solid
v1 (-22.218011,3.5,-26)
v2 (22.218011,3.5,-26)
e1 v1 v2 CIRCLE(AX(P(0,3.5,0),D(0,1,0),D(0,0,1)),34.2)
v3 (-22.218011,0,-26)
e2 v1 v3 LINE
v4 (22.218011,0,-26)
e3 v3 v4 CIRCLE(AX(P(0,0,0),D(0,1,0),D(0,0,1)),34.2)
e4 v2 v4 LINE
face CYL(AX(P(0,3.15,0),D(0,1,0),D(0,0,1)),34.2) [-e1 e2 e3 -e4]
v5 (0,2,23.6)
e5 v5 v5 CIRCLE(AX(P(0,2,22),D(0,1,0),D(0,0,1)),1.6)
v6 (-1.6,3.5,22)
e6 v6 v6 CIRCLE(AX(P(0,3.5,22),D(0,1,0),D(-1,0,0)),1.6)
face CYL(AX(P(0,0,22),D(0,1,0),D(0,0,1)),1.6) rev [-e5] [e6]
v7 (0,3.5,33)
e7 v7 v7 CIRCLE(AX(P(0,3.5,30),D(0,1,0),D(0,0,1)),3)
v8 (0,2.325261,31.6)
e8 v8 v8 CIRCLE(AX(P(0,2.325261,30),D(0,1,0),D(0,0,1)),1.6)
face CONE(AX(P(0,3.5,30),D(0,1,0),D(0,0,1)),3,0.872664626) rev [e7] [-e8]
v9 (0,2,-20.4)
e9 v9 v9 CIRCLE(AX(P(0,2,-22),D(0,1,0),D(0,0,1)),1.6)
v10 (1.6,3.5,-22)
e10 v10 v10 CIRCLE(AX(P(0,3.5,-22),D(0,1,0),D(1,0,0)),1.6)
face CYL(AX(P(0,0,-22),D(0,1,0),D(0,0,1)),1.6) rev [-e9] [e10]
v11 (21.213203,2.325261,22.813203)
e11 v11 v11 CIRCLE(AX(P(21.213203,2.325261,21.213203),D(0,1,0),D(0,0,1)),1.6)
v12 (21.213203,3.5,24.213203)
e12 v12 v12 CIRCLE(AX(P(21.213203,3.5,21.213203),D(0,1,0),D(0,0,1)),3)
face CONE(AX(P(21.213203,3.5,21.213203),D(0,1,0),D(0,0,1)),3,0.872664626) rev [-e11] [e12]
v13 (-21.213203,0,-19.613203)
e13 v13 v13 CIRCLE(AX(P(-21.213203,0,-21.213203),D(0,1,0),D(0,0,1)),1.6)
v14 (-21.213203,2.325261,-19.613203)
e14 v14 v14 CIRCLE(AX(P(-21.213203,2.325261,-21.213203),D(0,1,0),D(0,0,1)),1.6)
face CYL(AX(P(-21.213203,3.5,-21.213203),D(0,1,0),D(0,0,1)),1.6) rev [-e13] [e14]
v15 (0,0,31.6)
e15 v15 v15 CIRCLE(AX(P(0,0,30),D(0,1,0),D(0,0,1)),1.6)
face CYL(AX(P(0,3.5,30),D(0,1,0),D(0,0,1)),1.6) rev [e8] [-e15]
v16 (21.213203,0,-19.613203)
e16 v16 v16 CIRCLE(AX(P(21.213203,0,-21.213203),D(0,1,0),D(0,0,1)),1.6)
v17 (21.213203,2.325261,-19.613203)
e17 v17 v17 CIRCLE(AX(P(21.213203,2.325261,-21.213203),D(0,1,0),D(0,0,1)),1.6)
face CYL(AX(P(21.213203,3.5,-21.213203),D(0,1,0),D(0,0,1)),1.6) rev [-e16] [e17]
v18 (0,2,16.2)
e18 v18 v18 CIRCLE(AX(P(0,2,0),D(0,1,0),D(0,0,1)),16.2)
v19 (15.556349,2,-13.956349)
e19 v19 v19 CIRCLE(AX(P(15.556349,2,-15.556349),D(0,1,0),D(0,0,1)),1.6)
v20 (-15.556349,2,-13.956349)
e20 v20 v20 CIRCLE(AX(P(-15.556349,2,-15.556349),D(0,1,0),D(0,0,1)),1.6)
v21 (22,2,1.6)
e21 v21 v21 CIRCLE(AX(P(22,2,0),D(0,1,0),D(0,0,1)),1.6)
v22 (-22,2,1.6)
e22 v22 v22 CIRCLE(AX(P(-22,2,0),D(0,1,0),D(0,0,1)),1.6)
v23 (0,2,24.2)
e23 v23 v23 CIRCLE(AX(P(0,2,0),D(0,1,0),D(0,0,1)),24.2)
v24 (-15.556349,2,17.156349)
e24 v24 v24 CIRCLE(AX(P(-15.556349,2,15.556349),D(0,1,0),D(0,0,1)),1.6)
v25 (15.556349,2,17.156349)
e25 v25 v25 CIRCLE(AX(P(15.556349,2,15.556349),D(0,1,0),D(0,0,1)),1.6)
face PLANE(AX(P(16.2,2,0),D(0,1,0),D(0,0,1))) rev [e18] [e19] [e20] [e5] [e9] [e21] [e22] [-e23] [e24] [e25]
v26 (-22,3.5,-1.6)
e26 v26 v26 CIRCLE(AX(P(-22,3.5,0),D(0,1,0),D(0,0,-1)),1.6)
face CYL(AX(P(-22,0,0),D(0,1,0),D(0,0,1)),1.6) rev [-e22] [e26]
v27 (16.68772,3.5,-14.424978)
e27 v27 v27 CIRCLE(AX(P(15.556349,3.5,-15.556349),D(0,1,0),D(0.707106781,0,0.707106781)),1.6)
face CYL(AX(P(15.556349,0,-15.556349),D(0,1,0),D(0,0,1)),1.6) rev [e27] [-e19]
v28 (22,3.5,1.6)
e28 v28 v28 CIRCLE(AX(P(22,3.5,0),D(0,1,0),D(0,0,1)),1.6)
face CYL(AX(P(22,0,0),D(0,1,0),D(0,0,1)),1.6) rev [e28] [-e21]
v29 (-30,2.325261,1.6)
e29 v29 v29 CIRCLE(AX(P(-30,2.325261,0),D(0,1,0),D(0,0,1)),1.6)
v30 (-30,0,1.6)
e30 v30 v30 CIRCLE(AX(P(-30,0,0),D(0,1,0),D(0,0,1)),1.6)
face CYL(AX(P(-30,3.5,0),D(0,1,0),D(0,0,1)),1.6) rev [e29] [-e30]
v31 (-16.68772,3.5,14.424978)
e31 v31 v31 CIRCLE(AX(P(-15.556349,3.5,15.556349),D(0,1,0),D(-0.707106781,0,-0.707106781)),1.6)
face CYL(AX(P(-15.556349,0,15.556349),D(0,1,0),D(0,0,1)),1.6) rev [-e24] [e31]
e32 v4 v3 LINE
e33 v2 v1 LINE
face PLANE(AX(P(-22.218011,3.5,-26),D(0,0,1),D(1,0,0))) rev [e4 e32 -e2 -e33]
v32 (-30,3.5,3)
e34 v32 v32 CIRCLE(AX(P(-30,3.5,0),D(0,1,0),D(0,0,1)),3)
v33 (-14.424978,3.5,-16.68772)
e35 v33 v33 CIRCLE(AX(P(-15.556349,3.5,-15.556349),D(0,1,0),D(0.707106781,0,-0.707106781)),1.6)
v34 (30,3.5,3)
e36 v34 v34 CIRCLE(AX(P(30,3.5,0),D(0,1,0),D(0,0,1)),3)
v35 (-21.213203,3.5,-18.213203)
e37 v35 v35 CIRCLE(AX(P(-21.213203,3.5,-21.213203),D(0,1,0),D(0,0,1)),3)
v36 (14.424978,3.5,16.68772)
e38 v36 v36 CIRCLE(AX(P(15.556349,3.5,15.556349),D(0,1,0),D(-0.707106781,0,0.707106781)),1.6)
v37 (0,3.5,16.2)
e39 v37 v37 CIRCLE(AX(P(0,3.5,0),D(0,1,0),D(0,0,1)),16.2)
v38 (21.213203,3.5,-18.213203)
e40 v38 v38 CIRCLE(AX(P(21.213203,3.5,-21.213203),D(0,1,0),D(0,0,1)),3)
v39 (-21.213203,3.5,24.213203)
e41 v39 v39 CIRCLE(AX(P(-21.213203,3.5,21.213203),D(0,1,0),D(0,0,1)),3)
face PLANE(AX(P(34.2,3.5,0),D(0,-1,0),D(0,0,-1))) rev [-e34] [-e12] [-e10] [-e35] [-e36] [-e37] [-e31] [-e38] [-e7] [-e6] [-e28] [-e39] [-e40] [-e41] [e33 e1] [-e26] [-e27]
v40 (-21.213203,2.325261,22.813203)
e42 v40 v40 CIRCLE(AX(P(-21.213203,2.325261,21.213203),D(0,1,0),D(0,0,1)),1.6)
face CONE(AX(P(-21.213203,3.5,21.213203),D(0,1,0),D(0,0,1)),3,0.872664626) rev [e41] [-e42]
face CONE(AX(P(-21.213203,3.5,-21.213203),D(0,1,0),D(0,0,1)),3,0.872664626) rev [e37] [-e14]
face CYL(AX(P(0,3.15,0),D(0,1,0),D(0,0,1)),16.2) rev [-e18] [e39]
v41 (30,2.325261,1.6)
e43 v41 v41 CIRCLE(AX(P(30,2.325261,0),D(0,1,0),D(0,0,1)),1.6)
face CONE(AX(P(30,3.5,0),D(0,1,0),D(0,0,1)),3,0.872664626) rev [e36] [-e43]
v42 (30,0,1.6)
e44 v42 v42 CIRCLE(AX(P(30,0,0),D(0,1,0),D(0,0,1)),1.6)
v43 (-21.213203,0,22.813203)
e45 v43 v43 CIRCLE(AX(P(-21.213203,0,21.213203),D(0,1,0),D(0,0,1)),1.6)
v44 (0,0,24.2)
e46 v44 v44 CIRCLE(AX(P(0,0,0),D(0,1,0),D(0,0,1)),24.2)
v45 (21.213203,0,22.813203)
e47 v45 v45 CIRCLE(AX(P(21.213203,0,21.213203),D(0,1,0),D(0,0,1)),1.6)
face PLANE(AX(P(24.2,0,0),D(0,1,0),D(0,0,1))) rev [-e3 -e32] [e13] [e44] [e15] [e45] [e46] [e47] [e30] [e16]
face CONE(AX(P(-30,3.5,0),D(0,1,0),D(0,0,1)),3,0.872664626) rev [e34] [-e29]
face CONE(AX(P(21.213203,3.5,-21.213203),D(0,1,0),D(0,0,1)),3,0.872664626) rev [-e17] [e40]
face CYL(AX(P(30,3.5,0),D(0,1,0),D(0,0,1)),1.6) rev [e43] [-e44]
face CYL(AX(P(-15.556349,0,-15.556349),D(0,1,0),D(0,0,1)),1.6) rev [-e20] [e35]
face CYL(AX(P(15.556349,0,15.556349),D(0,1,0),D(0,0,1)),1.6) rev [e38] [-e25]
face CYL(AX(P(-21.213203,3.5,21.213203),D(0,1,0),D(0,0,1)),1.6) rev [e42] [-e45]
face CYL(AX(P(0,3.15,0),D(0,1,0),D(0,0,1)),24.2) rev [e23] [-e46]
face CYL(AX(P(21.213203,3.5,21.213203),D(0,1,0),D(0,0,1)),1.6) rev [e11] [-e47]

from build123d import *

# Parameters (mm, degrees)
ESQUISSE3_R                                    = 1.6
ENL_V_MAT_EXTRU_1_DEPTH                        = 4.5
FRAISAGE_POUR_VIS_T_TE_FRAIS_E_100_D           = 3.2
FRAISAGE_POUR_VIS_T_TE_FRAIS_E_100_CSINK_D     = 6
FRAISAGE_POUR_VIS_T_TE_FRAIS_E_100_CSINK_ANGLE = 100
R_P_TITION_CIRCULAIRE1_COUNT                   = 8
SKETCH1_W                                      = 44.436021424
SKETCH1_H                                      = 8.2
CUT_EXTRUDE1_DEPTH                             = 4.5


with BuildPart() as part:
    # Esquisse2 → Révolution1 (revolve)
    with BuildSketch(Plane.XY):
        Polygon((34.2, 0), (34.2, 3.5), (16.2, 3.5), (16.2, 2), (24.2, 2), (24.2, 0), align=None)
    revolve(axis=Axis((0, 37.373365456, 0), (0, -1, 0)))

    # Esquisse3 → Enlèv. mat.-Extru.1 (cut, through all)
    with BuildSketch(Plane(origin=(0, 3.5, 0), x_dir=(1, 0, 0), z_dir=(0, 1, 0))):
        with Locations((22, 0)):
            Circle(ESQUISSE3_R)
    enl_v_mat_extru_1 = extrude(amount=-ENL_V_MAT_EXTRU_1_DEPTH, mode=Mode.SUBTRACT)

    # Fraisage pour vis à tête fraisée (100) #01 (through all)
    with Locations(Plane(origin=(0, 3.5, 0), x_dir=(1, 0, 0), z_dir=(0, 1, 0))):
        with Locations((30, 0)):
            fraisage_pour_vis_t_te_frais_e_100 = CounterSinkHole(FRAISAGE_POUR_VIS_T_TE_FRAIS_E_100_D / 2, FRAISAGE_POUR_VIS_T_TE_FRAIS_E_100_CSINK_D / 2, counter_sink_angle=FRAISAGE_POUR_VIS_T_TE_FRAIS_E_100_CSINK_ANGLE)

    # Répétition circulaire1: Enlèv. mat.-Extru.1, Fraisage pour vis à tête fraisée (100) #01 ×8 about axis
    r_p_tition_circulaire1_axis = Axis((0, 0, 0), (0, 1, 0))
    for i in range(1, R_P_TITION_CIRCULAIRE1_COUNT):
        add(enl_v_mat_extru_1.rotate(r_p_tition_circulaire1_axis, i * 360 / R_P_TITION_CIRCULAIRE1_COUNT), mode=Mode.SUBTRACT)
        add(fraisage_pour_vis_t_te_frais_e_100.rotate(r_p_tition_circulaire1_axis, i * 360 / R_P_TITION_CIRCULAIRE1_COUNT), mode=Mode.SUBTRACT)

    # Sketch1 → Cut-Extrude1 (cut, through all)
    with BuildSketch(Plane(origin=(0, 0, 0), x_dir=(-1, 0, 0), z_dir=(0, -1, 0))):
        with Locations((0, 30.1)):
            Rectangle(SKETCH1_W, SKETCH1_H)
    extrude(amount=-CUT_EXTRUDE1_DEPTH, mode=Mode.SUBTRACT)


solid = part.part
